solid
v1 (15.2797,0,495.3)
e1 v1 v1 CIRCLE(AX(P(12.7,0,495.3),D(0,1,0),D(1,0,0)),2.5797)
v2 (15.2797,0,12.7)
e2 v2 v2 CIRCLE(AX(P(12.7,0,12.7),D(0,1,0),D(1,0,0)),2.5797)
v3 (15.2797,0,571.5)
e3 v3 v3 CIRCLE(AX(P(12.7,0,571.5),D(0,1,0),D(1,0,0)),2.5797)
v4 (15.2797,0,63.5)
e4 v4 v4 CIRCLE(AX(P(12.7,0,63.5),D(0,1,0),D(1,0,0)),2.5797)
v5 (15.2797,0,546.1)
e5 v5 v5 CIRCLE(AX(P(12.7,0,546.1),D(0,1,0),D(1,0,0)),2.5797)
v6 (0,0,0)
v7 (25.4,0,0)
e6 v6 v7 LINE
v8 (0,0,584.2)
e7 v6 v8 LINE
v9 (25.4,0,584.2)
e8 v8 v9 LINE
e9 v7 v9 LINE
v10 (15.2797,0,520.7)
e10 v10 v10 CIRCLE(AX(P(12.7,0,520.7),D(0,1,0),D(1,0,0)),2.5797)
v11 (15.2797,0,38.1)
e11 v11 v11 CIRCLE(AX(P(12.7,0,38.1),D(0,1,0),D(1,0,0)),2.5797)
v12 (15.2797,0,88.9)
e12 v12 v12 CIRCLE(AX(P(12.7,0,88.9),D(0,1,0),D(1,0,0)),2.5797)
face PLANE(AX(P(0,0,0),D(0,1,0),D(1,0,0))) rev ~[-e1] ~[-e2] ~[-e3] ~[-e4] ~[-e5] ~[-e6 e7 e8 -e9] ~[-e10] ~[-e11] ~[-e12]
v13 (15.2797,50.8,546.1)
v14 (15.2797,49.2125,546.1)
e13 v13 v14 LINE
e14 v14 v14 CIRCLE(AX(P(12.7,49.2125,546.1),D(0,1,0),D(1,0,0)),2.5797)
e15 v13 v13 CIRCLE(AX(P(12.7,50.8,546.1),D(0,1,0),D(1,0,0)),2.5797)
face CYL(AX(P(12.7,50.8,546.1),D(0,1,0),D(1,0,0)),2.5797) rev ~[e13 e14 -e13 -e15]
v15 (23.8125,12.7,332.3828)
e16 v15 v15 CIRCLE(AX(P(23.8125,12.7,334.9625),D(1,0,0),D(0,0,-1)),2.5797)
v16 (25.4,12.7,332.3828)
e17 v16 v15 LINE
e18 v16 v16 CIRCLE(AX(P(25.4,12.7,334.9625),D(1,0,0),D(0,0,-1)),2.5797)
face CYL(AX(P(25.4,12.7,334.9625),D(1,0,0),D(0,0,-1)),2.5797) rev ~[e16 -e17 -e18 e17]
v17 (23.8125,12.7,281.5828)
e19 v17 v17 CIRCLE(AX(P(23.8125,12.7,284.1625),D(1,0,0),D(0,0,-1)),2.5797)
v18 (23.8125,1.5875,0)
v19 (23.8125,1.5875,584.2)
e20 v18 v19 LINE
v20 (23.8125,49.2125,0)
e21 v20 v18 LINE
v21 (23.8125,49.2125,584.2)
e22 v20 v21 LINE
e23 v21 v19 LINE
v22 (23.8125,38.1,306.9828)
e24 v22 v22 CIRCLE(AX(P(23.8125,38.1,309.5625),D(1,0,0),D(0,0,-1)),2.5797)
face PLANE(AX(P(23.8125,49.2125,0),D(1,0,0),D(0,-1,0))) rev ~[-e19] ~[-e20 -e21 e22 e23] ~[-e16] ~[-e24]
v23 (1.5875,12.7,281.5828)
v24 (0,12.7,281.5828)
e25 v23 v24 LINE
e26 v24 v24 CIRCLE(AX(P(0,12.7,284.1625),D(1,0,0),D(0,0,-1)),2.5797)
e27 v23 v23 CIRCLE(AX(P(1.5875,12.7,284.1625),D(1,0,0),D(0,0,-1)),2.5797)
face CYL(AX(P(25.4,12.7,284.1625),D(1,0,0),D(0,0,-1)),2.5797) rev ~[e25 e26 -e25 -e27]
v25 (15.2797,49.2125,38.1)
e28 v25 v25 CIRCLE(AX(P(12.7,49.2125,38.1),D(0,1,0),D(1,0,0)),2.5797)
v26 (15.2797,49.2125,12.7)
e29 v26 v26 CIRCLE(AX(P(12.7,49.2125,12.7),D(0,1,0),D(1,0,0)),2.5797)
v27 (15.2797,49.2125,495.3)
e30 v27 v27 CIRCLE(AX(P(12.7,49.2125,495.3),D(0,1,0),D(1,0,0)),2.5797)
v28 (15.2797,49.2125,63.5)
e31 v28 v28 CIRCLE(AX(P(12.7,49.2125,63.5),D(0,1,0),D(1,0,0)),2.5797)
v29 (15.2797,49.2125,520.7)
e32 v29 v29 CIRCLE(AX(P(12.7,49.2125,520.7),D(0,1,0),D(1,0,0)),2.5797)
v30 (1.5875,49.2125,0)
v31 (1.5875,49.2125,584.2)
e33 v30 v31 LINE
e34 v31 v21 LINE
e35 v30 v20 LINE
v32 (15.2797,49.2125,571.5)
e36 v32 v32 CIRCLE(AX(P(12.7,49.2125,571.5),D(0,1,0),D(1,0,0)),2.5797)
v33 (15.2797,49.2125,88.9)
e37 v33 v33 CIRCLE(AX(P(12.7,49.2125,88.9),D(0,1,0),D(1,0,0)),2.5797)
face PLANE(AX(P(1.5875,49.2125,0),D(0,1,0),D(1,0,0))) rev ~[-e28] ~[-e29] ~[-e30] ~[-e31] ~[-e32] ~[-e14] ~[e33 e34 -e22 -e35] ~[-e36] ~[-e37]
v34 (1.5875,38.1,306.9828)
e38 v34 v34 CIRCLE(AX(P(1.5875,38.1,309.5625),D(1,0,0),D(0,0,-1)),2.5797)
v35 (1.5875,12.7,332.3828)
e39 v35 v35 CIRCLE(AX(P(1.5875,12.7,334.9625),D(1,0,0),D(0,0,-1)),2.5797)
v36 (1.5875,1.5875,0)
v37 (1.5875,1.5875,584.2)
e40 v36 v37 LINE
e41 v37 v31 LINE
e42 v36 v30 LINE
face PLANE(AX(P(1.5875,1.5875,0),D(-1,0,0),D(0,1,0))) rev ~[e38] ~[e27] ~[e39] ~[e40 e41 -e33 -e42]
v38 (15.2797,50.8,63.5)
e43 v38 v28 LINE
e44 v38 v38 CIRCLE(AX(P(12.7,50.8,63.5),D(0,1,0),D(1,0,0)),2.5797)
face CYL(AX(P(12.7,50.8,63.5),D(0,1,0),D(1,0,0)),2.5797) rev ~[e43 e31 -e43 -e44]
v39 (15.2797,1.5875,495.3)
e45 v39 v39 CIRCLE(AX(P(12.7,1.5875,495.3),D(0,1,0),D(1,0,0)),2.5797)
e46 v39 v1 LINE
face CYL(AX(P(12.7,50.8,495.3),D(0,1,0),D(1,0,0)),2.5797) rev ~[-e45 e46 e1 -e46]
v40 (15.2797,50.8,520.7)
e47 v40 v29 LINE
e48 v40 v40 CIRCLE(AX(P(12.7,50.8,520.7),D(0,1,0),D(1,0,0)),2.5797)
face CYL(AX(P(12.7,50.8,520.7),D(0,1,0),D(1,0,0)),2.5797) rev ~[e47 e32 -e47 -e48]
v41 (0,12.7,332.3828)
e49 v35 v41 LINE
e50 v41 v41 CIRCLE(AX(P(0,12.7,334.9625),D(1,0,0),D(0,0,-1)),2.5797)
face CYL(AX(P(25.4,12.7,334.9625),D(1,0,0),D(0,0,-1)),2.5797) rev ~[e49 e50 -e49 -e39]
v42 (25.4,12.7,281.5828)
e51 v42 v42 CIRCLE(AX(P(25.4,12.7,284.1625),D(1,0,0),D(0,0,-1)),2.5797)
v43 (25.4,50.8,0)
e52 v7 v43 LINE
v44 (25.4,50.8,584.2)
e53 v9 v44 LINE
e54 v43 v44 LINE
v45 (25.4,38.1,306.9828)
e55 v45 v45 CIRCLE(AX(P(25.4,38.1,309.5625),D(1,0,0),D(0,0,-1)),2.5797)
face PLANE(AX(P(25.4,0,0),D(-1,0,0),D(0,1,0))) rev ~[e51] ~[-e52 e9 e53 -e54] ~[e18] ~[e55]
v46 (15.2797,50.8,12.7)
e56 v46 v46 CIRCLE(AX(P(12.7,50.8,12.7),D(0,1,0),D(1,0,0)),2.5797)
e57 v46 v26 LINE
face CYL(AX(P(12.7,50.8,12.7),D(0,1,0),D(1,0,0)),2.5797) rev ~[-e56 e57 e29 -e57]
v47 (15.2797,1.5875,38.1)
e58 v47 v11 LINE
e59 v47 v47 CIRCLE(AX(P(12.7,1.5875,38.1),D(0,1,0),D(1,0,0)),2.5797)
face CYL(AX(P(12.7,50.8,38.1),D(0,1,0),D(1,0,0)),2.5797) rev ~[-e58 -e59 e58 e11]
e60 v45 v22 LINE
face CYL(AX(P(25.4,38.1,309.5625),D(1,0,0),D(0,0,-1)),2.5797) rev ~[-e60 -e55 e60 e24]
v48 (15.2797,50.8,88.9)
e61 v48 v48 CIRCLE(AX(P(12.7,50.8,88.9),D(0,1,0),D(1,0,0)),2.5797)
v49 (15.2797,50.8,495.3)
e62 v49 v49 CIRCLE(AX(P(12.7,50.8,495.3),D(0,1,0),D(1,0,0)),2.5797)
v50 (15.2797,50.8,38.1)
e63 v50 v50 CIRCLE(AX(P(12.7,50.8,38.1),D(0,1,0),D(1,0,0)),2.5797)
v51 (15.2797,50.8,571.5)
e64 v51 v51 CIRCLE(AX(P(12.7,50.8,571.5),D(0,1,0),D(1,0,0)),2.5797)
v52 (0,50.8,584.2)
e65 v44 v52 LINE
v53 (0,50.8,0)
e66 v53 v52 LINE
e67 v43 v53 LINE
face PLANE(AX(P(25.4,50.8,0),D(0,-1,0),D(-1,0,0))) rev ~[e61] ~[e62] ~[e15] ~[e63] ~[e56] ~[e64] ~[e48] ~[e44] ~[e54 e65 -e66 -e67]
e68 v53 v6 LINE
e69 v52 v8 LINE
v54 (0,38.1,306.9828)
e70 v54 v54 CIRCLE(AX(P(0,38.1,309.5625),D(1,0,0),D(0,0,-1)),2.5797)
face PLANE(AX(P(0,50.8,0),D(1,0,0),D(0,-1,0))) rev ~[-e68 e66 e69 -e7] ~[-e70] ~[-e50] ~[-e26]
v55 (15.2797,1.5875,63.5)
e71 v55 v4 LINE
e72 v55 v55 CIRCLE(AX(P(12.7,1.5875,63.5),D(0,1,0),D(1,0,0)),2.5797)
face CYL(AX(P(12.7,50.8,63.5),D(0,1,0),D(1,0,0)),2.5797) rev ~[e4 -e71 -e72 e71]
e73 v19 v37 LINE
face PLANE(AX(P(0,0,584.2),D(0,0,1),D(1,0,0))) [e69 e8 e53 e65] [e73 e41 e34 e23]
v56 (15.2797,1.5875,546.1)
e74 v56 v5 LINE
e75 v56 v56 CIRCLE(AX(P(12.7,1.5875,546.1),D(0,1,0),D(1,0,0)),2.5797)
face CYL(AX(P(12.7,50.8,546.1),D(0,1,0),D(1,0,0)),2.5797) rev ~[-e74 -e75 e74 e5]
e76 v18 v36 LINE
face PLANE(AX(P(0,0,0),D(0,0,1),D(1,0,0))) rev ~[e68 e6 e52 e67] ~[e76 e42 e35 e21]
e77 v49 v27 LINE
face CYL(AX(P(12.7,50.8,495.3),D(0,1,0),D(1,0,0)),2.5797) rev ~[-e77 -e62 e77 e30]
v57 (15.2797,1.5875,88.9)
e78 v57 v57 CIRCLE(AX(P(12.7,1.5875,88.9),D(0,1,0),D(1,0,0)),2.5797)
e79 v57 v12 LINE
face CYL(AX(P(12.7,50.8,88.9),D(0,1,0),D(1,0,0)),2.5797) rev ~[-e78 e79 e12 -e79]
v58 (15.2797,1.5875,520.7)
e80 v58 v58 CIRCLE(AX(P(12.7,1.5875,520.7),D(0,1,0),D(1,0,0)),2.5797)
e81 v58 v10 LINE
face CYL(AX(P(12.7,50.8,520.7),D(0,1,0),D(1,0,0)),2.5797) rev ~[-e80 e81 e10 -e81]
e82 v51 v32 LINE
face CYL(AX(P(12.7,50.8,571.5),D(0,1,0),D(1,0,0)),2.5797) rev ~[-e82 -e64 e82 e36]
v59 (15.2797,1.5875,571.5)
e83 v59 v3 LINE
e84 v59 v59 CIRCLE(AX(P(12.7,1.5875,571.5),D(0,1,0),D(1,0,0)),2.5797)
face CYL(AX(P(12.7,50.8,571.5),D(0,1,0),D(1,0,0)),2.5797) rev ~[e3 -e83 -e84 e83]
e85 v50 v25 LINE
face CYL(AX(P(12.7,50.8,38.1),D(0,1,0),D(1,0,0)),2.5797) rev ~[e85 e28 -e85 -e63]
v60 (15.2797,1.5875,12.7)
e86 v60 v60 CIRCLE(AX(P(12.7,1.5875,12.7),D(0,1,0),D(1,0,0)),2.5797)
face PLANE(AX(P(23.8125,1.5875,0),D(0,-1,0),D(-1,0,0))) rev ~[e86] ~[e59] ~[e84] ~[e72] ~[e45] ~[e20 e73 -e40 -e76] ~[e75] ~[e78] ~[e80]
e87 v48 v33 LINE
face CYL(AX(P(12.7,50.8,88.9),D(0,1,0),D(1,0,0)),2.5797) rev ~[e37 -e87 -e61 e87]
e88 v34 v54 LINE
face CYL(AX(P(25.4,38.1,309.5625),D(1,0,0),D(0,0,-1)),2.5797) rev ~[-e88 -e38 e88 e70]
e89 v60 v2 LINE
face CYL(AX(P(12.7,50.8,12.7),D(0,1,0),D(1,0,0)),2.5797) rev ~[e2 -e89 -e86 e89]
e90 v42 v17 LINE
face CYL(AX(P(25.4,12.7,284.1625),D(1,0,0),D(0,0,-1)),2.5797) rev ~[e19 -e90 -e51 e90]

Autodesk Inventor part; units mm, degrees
ref_plane "YZ Plane" through (0, 0, 0) normal (1, 0, 0) x (0, 1, 0)
ref_plane "XZ Plane" through (0, 0, 0) normal (0, 1, 0) x (-1, 0, 0)
ref_plane "XY Plane" through (0, 0, 0) normal (0, 0, 1) x (1, 0, 0)
sketch "Sketch1" plane through (0, 0, 0) normal (0, 0, 1) x (1, 0, 0)
  line L0 (0, 0) -> (25.4, 0)
  line L1 (25.4, 0) -> (25.4, 50.8)
  line L2 (25.4, 50.8) -> (0, 50.8)
  line L3 (0, 50.8) -> (0, 0)
  line L4 (23.8125, 1.5875) -> (1.5875, 1.5875)
  line L5 (1.5875, 1.5875) -> (1.5875, 49.2125)
  line L6 (1.5875, 49.2125) -> (23.8125, 49.2125)
  line L7 (23.8125, 49.2125) -> (23.8125, 1.5875)
  dimension "d0" = 25.4
  dimension "d1" = 50.8
  dimension "d2" = 1.5875
extrude "Extrusion1" add sketch "Sketch1" along normal blind 584.2
sketch "Sketch2" plane through (0, 50.8, 0) normal (0, 1, 0) x (1, 0, 0)
  line L0 (23.8125, 0) -> (1.5875, 0) construction
  line L1 (12.7, 0) -> (12.7, -12.7) construction
  line L2 (25.4, -584.2) -> (0, -584.2) construction
  line L3 (12.7, -584.2) -> (12.7, -571.5) construction
  circle A0 centre (12.7, -571.5) radius 2.5797
  circle A1 centre (12.7, -12.7) radius 2.5797
  point P0 (0, 0)
  dimension "d5" = 12.7
  dimension "d6" = 12.7
  dimension "d7" = 5.1594
extrude "Extrusion2" cut sketch "Sketch2" against normal blind 711.2
sketch "Sketch3" plane through (0, 50.8, 0) normal (0, 1, 0) x (1, 0, 0)
  circle A0 centre (12.7, -12.7) radius 2.5797 construction
  line L0 (12.7, -12.7) -> (12.7, -38.1) construction
  circle A1 centre (12.7, -38.1) radius 2.5797
  circle A2 centre (12.7, -571.5) radius 2.5797 construction
  line L1 (12.7, -571.5) -> (12.7, -546.1) construction
  circle A3 centre (12.7, -546.1) radius 2.5797
  point P0 (0, 0)
  dimension "d10" = 25.4
  dimension "d13" = 25.4
extrude "Extrusion4" cut sketch "Sketch3" against normal blind 68.2625
sketch "Sketch4" plane through (25.4, 0, 0) normal (1, 0, 0) x (0, 0, -1)
  line L0 (0, 0) -> (-584.2, 0) construction
  line L1 (0, 0) -> (-284.1625, 0) construction
  line L2 (-284.1625, 0) -> (-334.9625, 0) construction
  line L3 (-334.9625, 0) -> (-334.9625, 12.7) construction
  line L4 (-334.9625, 12.7) -> (-309.5625, 12.7) construction
  line L5 (-309.5625, 12.7) -> (-309.5625, 38.1) construction
  line L6 (-309.5625, 12.7) -> (-284.1625, 12.7) construction
  circle A0 centre (-284.1625, 12.7) radius 2.5797
  circle A1 centre (-334.9625, 12.7) radius 2.5797
  circle A2 centre (-309.5625, 38.1) radius 2.5797
  dimension "d16" = 284.1625
  dimension "d17" = 50.8
  dimension "d18" = 12.7
  dimension "d19" = 25.4
  dimension "d20" = 25.4
  dimension "d21" = 5.1594
  dimension "d22" = 5.1594
extrude "Extrusion5" cut sketch "Sketch4" against normal blind 25.4
sketch "Sketch5" plane through (0, 50.8, 0) normal (0, 1, 0) x (1, 0, 0)
  circle A0 centre (12.7, -38.1) radius 2.5797 construction
  line L0 (12.7, -38.1) -> (12.7, -63.5) construction
  circle A1 centre (12.7, -546.1) radius 2.5797 construction
  line L1 (12.7, -546.1) -> (12.7, -520.7) construction
  circle A2 centre (12.7, -520.7) radius 2.5797
  circle A3 centre (12.7, -63.5) radius 2.5797
  line L2 (12.7, -520.7) -> (12.7, -495.3) construction
  line L3 (12.7, -63.5) -> (12.7, -88.9) construction
  circle A4 centre (12.7, -88.9) radius 2.5797
  circle A5 centre (12.7, -495.3) radius 2.5797
  point P0 (0, 0)
  dimension "d25" = 25.4
  dimension "d26" = 25.4
  dimension "d29" = 25.4
  dimension "d30" = 25.4
extrude "Extrusion7" cut sketch "Sketch5" against normal blind 77.7875
properties part number "1x2 28in"
